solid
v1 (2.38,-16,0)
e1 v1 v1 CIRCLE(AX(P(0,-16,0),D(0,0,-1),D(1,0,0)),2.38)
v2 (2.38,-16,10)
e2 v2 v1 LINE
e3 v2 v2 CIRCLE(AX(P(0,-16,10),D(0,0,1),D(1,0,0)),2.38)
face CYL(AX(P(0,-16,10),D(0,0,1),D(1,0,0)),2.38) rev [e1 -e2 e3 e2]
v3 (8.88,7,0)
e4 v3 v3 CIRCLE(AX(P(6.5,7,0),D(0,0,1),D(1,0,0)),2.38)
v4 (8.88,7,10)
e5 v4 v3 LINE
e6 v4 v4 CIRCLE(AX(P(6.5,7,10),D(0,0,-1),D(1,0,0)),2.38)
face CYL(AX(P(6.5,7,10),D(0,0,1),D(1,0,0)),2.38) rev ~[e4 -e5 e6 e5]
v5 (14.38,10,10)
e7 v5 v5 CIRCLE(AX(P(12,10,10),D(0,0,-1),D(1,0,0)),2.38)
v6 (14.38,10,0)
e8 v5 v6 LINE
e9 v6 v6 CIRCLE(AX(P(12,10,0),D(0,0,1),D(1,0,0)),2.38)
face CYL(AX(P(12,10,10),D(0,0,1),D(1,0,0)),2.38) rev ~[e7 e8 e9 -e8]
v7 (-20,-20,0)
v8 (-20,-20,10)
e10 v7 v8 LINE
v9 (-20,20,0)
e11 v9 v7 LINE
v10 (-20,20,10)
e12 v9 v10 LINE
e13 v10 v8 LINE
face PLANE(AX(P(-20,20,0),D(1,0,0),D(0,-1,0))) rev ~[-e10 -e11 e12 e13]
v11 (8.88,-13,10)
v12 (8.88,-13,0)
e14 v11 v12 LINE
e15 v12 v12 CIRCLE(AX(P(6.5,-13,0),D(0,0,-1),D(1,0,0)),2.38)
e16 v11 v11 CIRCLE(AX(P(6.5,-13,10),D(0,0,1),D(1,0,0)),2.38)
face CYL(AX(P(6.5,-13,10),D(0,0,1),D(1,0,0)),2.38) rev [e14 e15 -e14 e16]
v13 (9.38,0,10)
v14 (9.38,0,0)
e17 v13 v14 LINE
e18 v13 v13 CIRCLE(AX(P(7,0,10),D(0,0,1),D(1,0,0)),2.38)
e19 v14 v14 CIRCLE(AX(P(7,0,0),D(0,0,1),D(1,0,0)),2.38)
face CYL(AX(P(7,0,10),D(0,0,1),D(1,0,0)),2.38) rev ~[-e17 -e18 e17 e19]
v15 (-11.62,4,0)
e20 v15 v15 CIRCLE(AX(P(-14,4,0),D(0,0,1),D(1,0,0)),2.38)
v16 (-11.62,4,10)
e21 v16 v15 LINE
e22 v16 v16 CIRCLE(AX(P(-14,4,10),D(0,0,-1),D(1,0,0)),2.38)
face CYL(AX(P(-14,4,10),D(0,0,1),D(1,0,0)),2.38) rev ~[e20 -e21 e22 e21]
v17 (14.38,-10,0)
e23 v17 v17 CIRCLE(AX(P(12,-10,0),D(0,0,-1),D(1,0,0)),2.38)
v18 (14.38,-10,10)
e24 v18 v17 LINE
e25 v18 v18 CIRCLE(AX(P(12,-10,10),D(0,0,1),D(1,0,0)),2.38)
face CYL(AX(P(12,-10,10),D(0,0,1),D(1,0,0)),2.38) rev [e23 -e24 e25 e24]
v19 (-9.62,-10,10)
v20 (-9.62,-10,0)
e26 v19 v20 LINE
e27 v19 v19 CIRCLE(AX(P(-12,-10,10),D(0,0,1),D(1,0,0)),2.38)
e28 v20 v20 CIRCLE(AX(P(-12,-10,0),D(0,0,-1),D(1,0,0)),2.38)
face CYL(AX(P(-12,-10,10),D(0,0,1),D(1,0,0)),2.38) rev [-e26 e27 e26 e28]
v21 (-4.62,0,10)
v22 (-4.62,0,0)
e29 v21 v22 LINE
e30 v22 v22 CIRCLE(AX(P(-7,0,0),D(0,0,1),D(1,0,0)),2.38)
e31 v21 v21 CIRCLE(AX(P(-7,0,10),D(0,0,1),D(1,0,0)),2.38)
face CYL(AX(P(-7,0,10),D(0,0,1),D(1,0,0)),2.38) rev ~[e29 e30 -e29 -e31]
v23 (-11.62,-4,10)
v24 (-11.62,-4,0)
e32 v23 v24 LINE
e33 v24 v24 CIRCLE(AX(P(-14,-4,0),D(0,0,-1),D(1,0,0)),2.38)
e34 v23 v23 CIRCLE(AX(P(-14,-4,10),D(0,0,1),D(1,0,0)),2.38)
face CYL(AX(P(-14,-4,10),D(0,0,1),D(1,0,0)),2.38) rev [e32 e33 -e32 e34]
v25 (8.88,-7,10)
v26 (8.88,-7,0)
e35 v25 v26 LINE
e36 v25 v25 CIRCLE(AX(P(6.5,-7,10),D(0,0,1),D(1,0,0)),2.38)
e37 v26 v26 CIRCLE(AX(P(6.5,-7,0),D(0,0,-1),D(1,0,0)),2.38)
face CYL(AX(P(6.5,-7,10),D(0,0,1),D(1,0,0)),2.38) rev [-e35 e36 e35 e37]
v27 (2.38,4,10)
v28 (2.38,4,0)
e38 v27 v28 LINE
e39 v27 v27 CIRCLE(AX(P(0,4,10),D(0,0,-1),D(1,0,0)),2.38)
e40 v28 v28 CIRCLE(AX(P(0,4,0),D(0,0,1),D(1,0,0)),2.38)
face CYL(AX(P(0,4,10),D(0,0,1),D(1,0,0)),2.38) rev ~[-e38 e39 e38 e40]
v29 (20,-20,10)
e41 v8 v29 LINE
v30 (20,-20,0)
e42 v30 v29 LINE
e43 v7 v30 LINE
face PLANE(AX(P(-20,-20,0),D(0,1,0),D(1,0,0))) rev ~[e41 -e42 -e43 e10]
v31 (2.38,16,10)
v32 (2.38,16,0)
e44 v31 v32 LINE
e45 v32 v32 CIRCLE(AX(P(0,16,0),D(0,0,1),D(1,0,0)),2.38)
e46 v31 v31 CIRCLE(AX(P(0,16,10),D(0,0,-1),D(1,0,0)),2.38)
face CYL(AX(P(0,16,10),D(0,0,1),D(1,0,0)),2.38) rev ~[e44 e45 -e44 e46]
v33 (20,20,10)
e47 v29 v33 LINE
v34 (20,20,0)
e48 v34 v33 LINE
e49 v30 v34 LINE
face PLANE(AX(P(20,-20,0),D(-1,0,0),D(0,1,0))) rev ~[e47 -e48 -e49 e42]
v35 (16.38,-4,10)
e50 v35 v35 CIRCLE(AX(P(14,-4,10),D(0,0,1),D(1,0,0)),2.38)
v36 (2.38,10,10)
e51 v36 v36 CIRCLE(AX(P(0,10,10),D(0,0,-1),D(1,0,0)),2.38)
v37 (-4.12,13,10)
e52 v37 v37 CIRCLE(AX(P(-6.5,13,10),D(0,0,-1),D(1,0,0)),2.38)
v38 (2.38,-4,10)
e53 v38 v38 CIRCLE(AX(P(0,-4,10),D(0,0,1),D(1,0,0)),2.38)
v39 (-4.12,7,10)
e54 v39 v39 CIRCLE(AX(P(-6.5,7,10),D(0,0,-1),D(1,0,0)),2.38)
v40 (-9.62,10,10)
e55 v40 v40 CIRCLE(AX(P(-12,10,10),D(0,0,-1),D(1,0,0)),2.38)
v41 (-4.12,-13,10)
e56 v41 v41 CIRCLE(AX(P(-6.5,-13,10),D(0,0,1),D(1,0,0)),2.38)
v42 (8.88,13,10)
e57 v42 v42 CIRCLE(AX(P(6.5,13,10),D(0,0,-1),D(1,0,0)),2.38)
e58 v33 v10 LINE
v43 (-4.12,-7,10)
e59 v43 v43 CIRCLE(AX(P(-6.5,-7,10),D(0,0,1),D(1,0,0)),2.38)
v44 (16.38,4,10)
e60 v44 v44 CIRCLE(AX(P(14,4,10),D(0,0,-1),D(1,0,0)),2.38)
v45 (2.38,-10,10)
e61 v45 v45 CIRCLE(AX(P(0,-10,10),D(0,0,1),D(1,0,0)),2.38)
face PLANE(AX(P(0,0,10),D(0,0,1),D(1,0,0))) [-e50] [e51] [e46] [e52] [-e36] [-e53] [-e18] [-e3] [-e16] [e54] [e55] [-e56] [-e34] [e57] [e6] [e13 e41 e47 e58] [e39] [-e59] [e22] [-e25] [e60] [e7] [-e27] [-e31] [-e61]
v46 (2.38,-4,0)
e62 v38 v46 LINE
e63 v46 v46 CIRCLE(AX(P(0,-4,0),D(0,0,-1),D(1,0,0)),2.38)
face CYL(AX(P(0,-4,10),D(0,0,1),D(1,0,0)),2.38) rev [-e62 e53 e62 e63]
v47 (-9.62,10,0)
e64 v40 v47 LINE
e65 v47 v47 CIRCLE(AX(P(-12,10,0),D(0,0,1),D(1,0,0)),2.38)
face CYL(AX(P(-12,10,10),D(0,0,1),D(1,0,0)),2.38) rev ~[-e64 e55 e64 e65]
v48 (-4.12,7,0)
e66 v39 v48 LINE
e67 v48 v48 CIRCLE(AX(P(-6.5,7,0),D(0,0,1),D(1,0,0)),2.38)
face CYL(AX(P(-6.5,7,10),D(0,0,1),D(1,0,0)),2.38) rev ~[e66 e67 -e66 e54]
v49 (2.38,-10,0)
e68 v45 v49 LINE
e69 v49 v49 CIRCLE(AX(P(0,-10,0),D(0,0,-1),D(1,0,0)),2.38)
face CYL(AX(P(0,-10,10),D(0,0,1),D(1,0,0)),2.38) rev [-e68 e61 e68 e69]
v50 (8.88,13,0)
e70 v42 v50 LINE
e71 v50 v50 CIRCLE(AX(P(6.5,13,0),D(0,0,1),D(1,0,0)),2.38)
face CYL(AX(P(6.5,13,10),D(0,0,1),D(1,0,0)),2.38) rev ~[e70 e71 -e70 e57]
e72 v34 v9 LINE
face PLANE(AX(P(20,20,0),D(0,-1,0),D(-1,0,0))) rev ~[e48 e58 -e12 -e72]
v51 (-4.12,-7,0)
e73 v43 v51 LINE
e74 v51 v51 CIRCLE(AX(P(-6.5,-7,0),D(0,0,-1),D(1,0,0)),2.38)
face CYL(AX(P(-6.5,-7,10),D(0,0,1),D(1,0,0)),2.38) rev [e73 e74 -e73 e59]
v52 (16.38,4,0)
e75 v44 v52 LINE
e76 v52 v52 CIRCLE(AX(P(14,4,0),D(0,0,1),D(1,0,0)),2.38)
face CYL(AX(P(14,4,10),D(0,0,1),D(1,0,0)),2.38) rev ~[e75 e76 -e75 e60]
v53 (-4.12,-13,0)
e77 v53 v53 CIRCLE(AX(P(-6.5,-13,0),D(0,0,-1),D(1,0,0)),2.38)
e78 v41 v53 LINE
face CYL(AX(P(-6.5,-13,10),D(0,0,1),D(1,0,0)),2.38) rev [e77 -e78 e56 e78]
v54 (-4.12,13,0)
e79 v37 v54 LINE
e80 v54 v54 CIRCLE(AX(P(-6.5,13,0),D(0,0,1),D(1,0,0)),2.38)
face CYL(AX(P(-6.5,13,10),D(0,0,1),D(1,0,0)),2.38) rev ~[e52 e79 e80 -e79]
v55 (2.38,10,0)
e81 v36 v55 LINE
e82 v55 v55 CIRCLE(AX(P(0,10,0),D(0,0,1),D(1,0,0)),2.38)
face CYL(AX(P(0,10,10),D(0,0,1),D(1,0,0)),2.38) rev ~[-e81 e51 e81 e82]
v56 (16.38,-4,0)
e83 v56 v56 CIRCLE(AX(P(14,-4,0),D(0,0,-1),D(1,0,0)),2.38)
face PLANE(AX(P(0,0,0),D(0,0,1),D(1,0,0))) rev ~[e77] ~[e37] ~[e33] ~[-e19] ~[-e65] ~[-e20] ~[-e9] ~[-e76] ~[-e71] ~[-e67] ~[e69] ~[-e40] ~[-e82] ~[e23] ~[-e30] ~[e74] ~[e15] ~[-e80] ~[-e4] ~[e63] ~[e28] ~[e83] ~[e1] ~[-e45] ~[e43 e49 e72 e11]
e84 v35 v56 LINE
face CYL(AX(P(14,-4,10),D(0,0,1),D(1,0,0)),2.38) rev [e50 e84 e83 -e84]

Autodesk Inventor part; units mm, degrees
ref_plane "YZ Plane" through (0, 0, 0) normal (1, 0, 0) x (0, 1, 0)
ref_plane "XZ Plane" through (0, 0, 0) normal (0, 1, 0) x (-1, 0, 0)
sketch "Sketch1" plane through (0, 0, 0) normal (0, 0, 1) x (1, 0, 0)
  line L0 (-20, -20) -> (20, -20)
  line L1 (20, -20) -> (20, 20)
  line L2 (20, 20) -> (-20, 20)
  line L3 (-20, 20) -> (-20, -20)
  line L4 (-20, -20) -> (20, 20) construction
  line L5 (20, -20) -> (-20, 20) construction
  point P0 (0, 0)
  dimension "d0" = 40
  dimension "d1" = 40
extrude "Extrusion1" add sketch "Sketch1" along normal blind 10
sketch "Sketch2" plane through (0, 0, 10) normal (0, 0, 1) x (1, 0, 0)
  circle A0 centre (0, 0) radius 19
  line L0 (-10.247, 16) -> (10.247, 16)
  line L1 (-13.8564, 13) -> (13.8564, 13)
  line L2 (-16.1555, 10) -> (16.1555, 10)
  line L3 (-17.6635, 7) -> (17.6635, 7)
  line L4 (-18.5742, 4) -> (18.5742, 4)
  circle A1 centre (0, 16) radius 2.38
  circle A2 centre (-6.5, 13) radius 2.38
  circle A3 centre (6.5, 13) radius 2.38
  circle A4 centre (-12, 10) radius 2.38
  circle A5 centre (0, 10) radius 2.38
  circle A6 centre (12, 10) radius 2.38
  circle A7 centre (-6.5, 7) radius 2.38
  circle A8 centre (6.5, 7) radius 2.38
  circle A9 centre (-14, 4) radius 2.38
  circle A10 centre (0, 4) radius 2.38
  circle A11 centre (14, 4) radius 2.38
  circle A12 centre (-7, 0) radius 2.38
  circle A13 centre (7, 0) radius 2.38
  dimension "d4" = 38
  dimension "d5" = 4.76
  dimension "d6" = 4.76
  dimension "d7" = 4.76
  dimension "d8" = 3
  dimension "d9" = 3
  dimension "d10" = 16
  dimension "d11" = 6.5
  dimension "d12" = 6.5
  dimension "d13" = 12
  dimension "d14" = 12
  dimension "d15" = 3
  dimension "d16" = 3
  dimension "d17" = 14
  dimension "d18" = 14
  dimension "d19" = 7
  dimension "d20" = 7
extrude "Extrusion2" cut sketch "Sketch2" against normal up to next contours A11 L4 | L4 A11 | A9 L4 | L4 A9 | A8 L3 | L3 A8 | A7 L3 | L3 A7 | A6 L2 | L2 A6 | A10 L4 | L4 A10 | A4 L2 | L2 A4 | A3 L1 | L1 A3 | A2 L1 | L1 A2 | A1 L0 | L0 A1 | A5 L2 | L2 A5 | A12 | A13
ref_plane "Work Plane1" through (-20, 0, 0) normal (0, 1, 0) x (1, 0, 0)
mirror "Mirror1" about plane through (-20, 0, 0) normal (0, 1, 0) of "Extrusion2"
properties part number "FanTemplate40mm"
